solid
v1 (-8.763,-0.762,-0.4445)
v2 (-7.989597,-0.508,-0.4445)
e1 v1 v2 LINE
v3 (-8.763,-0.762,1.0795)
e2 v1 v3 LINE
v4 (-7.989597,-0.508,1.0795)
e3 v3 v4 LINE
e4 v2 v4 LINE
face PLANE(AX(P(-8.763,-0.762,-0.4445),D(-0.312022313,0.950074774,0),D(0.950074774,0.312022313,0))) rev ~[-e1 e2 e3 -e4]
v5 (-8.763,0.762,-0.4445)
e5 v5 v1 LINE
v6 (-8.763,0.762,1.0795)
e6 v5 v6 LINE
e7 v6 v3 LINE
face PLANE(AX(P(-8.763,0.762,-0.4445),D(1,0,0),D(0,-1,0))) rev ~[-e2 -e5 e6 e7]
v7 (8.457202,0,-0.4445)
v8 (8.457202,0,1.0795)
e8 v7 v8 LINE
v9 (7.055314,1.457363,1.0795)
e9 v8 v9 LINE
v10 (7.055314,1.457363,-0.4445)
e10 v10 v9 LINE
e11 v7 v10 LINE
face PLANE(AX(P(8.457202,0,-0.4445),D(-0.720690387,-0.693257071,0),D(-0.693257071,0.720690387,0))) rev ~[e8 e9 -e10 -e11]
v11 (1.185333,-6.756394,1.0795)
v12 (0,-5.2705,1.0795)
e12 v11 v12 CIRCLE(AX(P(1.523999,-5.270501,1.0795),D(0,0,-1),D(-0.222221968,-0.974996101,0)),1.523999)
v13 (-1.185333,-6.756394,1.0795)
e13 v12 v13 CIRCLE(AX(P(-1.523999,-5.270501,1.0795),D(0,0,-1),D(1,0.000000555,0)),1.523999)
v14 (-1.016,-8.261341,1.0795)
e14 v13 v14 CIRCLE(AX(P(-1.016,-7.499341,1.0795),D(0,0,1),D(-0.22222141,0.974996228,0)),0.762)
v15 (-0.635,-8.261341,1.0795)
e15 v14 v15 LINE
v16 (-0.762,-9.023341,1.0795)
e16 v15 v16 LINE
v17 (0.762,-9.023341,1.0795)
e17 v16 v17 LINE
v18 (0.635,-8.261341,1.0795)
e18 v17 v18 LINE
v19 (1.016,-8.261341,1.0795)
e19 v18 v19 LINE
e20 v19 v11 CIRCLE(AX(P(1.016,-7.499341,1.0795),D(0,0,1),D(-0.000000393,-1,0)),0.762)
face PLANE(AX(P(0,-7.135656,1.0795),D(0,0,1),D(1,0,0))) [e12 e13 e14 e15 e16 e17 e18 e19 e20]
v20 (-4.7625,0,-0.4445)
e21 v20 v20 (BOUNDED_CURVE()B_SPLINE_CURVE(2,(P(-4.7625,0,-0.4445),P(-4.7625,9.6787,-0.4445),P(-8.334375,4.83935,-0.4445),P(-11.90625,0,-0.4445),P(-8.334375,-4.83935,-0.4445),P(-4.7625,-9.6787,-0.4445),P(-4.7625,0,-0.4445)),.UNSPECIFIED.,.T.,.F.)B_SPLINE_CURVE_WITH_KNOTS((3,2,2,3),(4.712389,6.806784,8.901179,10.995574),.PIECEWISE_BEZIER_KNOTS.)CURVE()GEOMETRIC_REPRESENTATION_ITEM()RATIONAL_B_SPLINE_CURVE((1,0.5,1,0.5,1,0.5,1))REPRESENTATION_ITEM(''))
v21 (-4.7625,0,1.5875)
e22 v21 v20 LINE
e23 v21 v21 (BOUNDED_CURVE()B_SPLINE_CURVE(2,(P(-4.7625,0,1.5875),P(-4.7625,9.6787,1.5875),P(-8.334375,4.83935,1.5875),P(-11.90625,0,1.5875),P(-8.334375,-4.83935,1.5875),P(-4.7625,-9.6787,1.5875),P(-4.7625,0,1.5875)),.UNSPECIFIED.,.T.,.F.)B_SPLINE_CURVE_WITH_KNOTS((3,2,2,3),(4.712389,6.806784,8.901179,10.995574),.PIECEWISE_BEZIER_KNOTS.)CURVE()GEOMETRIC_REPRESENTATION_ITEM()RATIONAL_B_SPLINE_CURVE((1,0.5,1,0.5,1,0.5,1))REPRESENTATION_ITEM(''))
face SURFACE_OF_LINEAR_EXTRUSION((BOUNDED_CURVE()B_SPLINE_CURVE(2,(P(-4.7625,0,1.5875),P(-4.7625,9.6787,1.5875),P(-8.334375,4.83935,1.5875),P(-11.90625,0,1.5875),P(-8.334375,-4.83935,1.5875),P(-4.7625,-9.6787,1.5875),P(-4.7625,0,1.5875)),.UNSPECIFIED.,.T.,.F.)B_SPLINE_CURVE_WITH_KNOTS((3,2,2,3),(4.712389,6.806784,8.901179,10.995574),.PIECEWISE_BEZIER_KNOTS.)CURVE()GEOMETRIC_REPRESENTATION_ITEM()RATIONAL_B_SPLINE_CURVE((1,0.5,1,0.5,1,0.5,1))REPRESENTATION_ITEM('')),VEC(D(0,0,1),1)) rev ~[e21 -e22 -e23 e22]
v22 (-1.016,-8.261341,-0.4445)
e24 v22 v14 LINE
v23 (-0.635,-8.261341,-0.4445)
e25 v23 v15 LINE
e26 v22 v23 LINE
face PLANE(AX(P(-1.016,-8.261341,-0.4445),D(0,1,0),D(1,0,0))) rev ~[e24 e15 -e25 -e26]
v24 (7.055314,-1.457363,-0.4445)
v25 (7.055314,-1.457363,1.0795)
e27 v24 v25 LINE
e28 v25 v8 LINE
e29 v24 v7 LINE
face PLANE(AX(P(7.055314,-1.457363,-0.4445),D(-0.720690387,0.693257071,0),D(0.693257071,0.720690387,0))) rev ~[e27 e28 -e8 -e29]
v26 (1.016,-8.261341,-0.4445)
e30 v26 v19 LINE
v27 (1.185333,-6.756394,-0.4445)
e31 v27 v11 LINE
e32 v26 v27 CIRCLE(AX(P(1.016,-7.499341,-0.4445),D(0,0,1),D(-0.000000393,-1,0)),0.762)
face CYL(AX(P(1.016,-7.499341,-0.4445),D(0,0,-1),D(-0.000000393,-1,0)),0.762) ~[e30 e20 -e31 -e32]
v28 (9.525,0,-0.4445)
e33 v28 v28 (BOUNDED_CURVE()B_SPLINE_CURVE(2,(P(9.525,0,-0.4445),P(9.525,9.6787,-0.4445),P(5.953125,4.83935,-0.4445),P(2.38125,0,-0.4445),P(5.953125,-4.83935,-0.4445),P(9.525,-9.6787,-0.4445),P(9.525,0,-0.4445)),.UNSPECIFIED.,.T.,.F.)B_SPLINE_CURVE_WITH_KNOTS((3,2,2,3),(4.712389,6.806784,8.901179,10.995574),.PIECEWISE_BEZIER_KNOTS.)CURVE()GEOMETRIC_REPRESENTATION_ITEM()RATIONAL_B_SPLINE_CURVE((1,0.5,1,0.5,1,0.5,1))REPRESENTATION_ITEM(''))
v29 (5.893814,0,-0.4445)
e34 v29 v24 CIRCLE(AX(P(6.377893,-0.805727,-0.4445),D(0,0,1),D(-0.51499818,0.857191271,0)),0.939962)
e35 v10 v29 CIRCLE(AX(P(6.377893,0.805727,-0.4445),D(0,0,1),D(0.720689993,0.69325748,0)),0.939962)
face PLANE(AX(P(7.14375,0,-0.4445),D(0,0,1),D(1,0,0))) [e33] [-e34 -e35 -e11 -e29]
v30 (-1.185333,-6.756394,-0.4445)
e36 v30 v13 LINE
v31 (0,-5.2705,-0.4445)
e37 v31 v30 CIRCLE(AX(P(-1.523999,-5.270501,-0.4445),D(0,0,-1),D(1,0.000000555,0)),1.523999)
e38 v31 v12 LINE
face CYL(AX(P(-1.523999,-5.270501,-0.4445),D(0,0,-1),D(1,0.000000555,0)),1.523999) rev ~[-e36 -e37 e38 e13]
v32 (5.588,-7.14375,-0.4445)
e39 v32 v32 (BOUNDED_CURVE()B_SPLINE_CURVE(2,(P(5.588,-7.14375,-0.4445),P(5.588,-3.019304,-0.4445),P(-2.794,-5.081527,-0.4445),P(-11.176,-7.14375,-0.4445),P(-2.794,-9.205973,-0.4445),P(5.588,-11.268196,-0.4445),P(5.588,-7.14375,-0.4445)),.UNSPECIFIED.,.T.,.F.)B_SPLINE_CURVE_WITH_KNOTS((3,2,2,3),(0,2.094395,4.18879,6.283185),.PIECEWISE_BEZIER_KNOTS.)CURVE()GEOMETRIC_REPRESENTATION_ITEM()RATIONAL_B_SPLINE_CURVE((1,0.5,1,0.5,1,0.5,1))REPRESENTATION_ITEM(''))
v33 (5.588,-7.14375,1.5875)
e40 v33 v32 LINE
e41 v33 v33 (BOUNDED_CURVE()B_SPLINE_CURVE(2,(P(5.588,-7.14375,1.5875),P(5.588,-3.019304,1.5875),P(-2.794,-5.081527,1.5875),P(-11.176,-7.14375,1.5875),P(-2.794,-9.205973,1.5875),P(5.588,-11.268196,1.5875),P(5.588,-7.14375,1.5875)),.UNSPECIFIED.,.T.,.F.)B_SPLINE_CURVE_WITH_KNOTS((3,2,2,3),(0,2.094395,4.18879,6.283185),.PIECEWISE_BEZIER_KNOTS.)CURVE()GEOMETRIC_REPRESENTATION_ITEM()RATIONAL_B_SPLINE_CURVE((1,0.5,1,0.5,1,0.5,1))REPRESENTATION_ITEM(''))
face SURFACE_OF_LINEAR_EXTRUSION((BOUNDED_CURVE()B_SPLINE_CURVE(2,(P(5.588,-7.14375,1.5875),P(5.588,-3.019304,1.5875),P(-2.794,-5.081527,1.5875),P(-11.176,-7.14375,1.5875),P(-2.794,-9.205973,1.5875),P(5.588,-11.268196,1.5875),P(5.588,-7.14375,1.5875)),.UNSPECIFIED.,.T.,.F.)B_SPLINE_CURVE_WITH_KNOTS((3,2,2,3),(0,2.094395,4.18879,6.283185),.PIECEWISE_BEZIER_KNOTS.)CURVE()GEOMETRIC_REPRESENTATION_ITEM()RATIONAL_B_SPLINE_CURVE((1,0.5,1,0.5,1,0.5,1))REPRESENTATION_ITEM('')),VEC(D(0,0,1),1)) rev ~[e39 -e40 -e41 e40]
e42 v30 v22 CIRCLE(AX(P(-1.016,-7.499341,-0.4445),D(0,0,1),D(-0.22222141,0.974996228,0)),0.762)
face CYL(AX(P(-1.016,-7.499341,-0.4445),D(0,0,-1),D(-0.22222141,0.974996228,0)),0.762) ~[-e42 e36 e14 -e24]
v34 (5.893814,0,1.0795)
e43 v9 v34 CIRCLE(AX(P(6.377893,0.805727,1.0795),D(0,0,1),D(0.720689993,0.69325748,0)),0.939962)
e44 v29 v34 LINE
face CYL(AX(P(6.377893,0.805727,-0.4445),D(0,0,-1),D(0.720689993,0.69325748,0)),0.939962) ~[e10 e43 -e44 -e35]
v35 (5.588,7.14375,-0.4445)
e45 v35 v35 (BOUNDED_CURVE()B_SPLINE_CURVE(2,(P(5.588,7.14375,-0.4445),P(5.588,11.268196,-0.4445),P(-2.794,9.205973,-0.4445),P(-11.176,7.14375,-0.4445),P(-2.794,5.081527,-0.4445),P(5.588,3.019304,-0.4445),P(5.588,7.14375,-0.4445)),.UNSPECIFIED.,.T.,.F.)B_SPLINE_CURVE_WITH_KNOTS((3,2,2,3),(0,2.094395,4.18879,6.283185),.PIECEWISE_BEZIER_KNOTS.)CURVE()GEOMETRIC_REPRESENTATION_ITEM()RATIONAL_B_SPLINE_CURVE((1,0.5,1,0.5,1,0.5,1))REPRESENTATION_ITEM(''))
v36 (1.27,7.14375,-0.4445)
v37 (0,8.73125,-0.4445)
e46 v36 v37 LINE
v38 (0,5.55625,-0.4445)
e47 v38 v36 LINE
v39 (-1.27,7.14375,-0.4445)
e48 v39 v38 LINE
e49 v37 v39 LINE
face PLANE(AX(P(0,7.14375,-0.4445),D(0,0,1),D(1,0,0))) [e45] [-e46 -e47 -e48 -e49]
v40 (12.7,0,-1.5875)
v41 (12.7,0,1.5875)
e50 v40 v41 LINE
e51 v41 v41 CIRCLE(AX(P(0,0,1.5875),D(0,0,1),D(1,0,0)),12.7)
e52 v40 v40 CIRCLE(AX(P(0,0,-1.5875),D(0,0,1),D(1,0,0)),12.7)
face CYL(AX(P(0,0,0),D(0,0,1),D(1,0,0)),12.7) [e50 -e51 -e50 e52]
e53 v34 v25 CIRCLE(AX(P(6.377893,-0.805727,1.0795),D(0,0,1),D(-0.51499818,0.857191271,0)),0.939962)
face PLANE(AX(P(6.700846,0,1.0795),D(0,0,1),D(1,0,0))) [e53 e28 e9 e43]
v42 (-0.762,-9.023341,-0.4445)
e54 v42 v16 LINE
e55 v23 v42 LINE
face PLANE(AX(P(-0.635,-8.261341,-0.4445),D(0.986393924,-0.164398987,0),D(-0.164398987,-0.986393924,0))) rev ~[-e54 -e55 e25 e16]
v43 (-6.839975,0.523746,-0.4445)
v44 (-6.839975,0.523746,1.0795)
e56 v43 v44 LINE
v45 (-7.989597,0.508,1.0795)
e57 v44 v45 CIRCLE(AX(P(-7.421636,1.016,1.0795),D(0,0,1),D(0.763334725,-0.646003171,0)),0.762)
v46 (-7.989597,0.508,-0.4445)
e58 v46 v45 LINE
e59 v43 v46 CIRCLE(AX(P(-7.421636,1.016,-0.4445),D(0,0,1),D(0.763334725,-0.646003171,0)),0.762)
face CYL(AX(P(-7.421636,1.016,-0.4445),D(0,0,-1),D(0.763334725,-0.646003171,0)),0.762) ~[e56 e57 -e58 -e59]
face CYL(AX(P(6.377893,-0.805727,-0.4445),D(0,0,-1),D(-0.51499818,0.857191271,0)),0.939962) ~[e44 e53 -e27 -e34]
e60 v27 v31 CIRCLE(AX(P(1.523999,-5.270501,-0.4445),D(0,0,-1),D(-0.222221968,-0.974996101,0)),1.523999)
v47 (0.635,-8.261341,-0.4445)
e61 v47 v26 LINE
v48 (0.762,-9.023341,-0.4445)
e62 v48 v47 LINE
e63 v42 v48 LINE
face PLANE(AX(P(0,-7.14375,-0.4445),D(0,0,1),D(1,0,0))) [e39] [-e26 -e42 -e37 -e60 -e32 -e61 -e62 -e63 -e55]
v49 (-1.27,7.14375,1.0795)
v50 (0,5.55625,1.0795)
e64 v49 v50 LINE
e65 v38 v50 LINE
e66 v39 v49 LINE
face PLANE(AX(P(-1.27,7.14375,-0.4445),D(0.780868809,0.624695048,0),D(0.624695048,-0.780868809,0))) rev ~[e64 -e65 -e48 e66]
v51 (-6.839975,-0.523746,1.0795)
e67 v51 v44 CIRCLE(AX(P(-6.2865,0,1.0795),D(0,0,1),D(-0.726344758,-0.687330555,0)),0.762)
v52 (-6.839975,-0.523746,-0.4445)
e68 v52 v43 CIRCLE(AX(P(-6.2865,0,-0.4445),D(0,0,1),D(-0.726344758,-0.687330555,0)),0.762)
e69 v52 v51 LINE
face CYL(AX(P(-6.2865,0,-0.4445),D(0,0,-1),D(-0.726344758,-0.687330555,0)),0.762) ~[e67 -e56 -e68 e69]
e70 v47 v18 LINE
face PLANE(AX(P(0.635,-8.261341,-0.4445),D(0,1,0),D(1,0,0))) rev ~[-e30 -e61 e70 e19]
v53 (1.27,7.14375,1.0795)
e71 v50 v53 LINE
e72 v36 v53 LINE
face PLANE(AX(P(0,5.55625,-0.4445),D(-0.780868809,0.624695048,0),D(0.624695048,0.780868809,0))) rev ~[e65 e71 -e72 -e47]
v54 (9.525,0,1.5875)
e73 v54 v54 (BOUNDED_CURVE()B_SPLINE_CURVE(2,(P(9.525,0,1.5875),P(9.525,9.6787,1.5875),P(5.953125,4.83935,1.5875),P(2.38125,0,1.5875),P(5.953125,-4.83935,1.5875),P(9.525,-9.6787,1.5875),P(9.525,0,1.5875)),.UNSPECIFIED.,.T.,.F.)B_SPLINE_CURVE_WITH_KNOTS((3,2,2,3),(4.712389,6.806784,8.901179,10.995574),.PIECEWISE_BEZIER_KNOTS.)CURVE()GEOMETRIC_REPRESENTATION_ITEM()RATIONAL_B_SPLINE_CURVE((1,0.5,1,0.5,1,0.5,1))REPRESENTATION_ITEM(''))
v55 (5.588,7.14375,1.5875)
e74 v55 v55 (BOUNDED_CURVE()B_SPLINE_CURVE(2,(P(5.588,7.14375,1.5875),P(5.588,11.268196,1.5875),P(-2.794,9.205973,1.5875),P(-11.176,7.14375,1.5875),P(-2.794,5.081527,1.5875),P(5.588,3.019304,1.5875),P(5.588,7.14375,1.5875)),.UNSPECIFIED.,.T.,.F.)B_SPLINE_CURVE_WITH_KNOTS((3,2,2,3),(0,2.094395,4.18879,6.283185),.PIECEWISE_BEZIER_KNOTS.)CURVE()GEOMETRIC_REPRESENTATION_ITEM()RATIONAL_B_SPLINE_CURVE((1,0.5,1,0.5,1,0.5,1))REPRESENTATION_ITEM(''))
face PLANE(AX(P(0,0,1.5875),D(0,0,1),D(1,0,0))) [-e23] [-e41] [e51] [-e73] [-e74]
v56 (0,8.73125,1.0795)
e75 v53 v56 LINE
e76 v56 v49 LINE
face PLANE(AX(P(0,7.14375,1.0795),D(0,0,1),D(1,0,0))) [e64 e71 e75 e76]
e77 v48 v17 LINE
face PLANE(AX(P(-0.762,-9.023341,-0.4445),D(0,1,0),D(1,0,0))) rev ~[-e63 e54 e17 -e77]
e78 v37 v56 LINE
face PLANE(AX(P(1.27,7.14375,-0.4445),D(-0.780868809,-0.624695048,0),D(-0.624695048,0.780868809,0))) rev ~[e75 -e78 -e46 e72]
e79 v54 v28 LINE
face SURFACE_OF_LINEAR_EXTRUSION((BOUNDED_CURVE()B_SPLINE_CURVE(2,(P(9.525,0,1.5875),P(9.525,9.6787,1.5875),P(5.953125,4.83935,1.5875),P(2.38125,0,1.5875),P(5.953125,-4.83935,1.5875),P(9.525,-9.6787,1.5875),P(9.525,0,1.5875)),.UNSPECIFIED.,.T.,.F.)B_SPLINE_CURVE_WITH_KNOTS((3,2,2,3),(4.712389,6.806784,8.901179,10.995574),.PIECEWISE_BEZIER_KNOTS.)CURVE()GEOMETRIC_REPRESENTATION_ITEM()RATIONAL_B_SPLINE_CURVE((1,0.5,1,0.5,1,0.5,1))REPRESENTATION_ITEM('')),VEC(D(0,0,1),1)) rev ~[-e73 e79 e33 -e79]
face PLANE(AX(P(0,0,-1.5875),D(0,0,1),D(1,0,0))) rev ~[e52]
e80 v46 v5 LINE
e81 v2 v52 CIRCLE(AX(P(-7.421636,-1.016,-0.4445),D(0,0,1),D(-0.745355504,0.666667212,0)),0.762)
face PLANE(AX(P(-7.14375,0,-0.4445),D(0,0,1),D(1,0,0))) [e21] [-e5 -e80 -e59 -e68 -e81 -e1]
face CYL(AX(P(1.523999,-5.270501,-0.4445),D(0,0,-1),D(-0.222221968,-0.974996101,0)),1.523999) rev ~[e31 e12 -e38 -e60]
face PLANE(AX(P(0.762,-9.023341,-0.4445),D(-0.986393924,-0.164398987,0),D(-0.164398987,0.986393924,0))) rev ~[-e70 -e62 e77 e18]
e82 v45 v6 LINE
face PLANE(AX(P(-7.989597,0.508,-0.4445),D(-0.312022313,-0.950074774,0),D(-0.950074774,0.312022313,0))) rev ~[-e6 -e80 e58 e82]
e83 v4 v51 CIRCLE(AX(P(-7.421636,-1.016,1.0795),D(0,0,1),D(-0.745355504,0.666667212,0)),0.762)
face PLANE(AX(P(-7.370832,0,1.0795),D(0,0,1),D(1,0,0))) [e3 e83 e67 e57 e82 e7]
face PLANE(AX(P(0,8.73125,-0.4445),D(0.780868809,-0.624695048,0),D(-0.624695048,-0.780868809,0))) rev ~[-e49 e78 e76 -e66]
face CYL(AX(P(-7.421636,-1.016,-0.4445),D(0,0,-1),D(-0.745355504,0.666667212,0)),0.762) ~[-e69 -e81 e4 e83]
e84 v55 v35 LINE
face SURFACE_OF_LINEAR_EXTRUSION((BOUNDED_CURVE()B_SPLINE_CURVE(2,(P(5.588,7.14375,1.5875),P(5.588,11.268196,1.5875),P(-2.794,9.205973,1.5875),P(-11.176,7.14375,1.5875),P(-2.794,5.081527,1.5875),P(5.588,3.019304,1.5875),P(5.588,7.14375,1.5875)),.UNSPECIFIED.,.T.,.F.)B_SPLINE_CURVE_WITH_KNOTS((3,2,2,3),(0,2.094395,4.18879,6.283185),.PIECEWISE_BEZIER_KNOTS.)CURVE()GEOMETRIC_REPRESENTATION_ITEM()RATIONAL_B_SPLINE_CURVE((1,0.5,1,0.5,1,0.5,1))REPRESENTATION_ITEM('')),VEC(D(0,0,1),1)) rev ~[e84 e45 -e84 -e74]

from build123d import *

# Parameters (mm, degrees)
F0_R     = 12.7
F1_DEPTH = 1.5875
F3_DEPTH = 2.032
F5_DEPTH = 1.524


with BuildPart() as f1:
    # F0 (on Top) → F1 (new body, symmetric)
    with BuildSketch(Plane.XY):
        Circle(F0_R)
    extrude(amount=F1_DEPTH, both=True)

    # F2 (on face) → F3 (cut)
    with BuildSketch(Plane.XY.offset(1.5875)):
        with BuildLine():
            add(Edge.make_bspline(
                [(5.588, 7.14375), (5.588, 11.268196), (-2.794, 9.205973), (-11.176, 7.14375), (-2.794, 5.081527), (5.588, 3.019304), (5.588, 7.14375)],
                knots=[0, 0, 0, 2.094395, 2.094395, 4.18879, 4.18879, 6.283185, 6.283185, 6.283185], degree=2, weights=[1, 0.5, 1, 0.5, 1, 0.5, 1]))
        make_face()
        with BuildLine():
            add(Edge.make_bspline(
                [(9.525, 0), (9.525, 9.6787), (5.953125, 4.83935), (2.38125, 0), (5.953125, -4.83935), (9.525, -9.6787), (9.525, 0)],
                knots=[4.712389, 4.712389, 4.712389, 6.806784, 6.806784, 8.901179, 8.901179, 10.995574, 10.995574, 10.995574], degree=2, weights=[1, 0.5, 1, 0.5, 1, 0.5, 1]))
        make_face()
        with BuildLine():
            add(Edge.make_bspline(
                [(5.588, -7.14375), (5.588, -3.019304), (-2.794, -5.081527), (-11.176, -7.14375), (-2.794, -9.205973), (5.588, -11.268196), (5.588, -7.14375)],
                knots=[0, 0, 0, 2.094395, 2.094395, 4.18879, 4.18879, 6.283185, 6.283185, 6.283185], degree=2, weights=[1, 0.5, 1, 0.5, 1, 0.5, 1]))
        make_face()
        with BuildLine():
            add(Edge.make_bspline(
                [(-4.7625, 0), (-4.7625, 9.6787), (-8.334375, 4.83935), (-11.90625, 0), (-8.334375, -4.83935), (-4.7625, -9.6787), (-4.7625, 0)],
                knots=[4.712389, 4.712389, 4.712389, 6.806784, 6.806784, 8.901179, 8.901179, 10.995574, 10.995574, 10.995574], degree=2, weights=[1, 0.5, 1, 0.5, 1, 0.5, 1]))
        make_face()
    extrude(amount=-F3_DEPTH, mode=Mode.SUBTRACT)

    # F4 (on face) → F5 (join)
    with BuildSketch(Plane.XY.offset(-0.4445)):
        Polygon((-1.27, 7.14375), (0, 5.55625), (1.27, 7.14375), (0, 8.73125), align=None)
        with BuildLine():
            ThreePointArc((7.055314, 1.457363), (5.642827, 1.391566), (5.893814, 0))
            ThreePointArc((5.893814, 0), (5.642827, -1.391566), (7.055314, -1.457363))
            Line((7.055314, -1.457363), (8.457202, 0))
            Line((8.457202, 0), (7.055314, 1.457363))
        make_face()
        with BuildLine():
            ThreePointArc((1.185333, -6.756394), (0.332634, -6.220881), (0, -5.2705))
            ThreePointArc((0, -5.2705), (-0.332634, -6.220881), (-1.185333, -6.756394))
            ThreePointArc((-1.185333, -6.756394), (-1.773222, -7.584542), (-1.016, -8.261341))
            Line((-1.016, -8.261341), (-0.635, -8.261341))
            Line((-0.635, -8.261341), (0.635, -8.261341))
            Line((0.635, -8.261341), (1.016, -8.261341))
            ThreePointArc((1.016, -8.261341), (1.773222, -7.584542), (1.185333, -6.756394))
        make_face()
        Polygon((0.762, -9.023341), (0.635, -8.261341), (-0.635, -8.261341), (-0.762, -9.023341), align=None)
        with BuildLine():
            ThreePointArc((-7.989597, -0.508), (-7.432072, -1.777929), (-6.839975, -0.523746))
            ThreePointArc((-6.839975, -0.523746), (-5.5245, 0), (-6.839975, 0.523746))
            ThreePointArc((-6.839975, 0.523746), (-7.432072, 1.777929), (-7.989597, 0.508))
            Line((-7.989597, 0.508), (-8.763, 0.762))
            Line((-8.763, 0.762), (-8.763, -0.762))
            Line((-8.763, -0.762), (-7.989597, -0.508))
        make_face()
    extrude(amount=F5_DEPTH)


solid = f1.part
